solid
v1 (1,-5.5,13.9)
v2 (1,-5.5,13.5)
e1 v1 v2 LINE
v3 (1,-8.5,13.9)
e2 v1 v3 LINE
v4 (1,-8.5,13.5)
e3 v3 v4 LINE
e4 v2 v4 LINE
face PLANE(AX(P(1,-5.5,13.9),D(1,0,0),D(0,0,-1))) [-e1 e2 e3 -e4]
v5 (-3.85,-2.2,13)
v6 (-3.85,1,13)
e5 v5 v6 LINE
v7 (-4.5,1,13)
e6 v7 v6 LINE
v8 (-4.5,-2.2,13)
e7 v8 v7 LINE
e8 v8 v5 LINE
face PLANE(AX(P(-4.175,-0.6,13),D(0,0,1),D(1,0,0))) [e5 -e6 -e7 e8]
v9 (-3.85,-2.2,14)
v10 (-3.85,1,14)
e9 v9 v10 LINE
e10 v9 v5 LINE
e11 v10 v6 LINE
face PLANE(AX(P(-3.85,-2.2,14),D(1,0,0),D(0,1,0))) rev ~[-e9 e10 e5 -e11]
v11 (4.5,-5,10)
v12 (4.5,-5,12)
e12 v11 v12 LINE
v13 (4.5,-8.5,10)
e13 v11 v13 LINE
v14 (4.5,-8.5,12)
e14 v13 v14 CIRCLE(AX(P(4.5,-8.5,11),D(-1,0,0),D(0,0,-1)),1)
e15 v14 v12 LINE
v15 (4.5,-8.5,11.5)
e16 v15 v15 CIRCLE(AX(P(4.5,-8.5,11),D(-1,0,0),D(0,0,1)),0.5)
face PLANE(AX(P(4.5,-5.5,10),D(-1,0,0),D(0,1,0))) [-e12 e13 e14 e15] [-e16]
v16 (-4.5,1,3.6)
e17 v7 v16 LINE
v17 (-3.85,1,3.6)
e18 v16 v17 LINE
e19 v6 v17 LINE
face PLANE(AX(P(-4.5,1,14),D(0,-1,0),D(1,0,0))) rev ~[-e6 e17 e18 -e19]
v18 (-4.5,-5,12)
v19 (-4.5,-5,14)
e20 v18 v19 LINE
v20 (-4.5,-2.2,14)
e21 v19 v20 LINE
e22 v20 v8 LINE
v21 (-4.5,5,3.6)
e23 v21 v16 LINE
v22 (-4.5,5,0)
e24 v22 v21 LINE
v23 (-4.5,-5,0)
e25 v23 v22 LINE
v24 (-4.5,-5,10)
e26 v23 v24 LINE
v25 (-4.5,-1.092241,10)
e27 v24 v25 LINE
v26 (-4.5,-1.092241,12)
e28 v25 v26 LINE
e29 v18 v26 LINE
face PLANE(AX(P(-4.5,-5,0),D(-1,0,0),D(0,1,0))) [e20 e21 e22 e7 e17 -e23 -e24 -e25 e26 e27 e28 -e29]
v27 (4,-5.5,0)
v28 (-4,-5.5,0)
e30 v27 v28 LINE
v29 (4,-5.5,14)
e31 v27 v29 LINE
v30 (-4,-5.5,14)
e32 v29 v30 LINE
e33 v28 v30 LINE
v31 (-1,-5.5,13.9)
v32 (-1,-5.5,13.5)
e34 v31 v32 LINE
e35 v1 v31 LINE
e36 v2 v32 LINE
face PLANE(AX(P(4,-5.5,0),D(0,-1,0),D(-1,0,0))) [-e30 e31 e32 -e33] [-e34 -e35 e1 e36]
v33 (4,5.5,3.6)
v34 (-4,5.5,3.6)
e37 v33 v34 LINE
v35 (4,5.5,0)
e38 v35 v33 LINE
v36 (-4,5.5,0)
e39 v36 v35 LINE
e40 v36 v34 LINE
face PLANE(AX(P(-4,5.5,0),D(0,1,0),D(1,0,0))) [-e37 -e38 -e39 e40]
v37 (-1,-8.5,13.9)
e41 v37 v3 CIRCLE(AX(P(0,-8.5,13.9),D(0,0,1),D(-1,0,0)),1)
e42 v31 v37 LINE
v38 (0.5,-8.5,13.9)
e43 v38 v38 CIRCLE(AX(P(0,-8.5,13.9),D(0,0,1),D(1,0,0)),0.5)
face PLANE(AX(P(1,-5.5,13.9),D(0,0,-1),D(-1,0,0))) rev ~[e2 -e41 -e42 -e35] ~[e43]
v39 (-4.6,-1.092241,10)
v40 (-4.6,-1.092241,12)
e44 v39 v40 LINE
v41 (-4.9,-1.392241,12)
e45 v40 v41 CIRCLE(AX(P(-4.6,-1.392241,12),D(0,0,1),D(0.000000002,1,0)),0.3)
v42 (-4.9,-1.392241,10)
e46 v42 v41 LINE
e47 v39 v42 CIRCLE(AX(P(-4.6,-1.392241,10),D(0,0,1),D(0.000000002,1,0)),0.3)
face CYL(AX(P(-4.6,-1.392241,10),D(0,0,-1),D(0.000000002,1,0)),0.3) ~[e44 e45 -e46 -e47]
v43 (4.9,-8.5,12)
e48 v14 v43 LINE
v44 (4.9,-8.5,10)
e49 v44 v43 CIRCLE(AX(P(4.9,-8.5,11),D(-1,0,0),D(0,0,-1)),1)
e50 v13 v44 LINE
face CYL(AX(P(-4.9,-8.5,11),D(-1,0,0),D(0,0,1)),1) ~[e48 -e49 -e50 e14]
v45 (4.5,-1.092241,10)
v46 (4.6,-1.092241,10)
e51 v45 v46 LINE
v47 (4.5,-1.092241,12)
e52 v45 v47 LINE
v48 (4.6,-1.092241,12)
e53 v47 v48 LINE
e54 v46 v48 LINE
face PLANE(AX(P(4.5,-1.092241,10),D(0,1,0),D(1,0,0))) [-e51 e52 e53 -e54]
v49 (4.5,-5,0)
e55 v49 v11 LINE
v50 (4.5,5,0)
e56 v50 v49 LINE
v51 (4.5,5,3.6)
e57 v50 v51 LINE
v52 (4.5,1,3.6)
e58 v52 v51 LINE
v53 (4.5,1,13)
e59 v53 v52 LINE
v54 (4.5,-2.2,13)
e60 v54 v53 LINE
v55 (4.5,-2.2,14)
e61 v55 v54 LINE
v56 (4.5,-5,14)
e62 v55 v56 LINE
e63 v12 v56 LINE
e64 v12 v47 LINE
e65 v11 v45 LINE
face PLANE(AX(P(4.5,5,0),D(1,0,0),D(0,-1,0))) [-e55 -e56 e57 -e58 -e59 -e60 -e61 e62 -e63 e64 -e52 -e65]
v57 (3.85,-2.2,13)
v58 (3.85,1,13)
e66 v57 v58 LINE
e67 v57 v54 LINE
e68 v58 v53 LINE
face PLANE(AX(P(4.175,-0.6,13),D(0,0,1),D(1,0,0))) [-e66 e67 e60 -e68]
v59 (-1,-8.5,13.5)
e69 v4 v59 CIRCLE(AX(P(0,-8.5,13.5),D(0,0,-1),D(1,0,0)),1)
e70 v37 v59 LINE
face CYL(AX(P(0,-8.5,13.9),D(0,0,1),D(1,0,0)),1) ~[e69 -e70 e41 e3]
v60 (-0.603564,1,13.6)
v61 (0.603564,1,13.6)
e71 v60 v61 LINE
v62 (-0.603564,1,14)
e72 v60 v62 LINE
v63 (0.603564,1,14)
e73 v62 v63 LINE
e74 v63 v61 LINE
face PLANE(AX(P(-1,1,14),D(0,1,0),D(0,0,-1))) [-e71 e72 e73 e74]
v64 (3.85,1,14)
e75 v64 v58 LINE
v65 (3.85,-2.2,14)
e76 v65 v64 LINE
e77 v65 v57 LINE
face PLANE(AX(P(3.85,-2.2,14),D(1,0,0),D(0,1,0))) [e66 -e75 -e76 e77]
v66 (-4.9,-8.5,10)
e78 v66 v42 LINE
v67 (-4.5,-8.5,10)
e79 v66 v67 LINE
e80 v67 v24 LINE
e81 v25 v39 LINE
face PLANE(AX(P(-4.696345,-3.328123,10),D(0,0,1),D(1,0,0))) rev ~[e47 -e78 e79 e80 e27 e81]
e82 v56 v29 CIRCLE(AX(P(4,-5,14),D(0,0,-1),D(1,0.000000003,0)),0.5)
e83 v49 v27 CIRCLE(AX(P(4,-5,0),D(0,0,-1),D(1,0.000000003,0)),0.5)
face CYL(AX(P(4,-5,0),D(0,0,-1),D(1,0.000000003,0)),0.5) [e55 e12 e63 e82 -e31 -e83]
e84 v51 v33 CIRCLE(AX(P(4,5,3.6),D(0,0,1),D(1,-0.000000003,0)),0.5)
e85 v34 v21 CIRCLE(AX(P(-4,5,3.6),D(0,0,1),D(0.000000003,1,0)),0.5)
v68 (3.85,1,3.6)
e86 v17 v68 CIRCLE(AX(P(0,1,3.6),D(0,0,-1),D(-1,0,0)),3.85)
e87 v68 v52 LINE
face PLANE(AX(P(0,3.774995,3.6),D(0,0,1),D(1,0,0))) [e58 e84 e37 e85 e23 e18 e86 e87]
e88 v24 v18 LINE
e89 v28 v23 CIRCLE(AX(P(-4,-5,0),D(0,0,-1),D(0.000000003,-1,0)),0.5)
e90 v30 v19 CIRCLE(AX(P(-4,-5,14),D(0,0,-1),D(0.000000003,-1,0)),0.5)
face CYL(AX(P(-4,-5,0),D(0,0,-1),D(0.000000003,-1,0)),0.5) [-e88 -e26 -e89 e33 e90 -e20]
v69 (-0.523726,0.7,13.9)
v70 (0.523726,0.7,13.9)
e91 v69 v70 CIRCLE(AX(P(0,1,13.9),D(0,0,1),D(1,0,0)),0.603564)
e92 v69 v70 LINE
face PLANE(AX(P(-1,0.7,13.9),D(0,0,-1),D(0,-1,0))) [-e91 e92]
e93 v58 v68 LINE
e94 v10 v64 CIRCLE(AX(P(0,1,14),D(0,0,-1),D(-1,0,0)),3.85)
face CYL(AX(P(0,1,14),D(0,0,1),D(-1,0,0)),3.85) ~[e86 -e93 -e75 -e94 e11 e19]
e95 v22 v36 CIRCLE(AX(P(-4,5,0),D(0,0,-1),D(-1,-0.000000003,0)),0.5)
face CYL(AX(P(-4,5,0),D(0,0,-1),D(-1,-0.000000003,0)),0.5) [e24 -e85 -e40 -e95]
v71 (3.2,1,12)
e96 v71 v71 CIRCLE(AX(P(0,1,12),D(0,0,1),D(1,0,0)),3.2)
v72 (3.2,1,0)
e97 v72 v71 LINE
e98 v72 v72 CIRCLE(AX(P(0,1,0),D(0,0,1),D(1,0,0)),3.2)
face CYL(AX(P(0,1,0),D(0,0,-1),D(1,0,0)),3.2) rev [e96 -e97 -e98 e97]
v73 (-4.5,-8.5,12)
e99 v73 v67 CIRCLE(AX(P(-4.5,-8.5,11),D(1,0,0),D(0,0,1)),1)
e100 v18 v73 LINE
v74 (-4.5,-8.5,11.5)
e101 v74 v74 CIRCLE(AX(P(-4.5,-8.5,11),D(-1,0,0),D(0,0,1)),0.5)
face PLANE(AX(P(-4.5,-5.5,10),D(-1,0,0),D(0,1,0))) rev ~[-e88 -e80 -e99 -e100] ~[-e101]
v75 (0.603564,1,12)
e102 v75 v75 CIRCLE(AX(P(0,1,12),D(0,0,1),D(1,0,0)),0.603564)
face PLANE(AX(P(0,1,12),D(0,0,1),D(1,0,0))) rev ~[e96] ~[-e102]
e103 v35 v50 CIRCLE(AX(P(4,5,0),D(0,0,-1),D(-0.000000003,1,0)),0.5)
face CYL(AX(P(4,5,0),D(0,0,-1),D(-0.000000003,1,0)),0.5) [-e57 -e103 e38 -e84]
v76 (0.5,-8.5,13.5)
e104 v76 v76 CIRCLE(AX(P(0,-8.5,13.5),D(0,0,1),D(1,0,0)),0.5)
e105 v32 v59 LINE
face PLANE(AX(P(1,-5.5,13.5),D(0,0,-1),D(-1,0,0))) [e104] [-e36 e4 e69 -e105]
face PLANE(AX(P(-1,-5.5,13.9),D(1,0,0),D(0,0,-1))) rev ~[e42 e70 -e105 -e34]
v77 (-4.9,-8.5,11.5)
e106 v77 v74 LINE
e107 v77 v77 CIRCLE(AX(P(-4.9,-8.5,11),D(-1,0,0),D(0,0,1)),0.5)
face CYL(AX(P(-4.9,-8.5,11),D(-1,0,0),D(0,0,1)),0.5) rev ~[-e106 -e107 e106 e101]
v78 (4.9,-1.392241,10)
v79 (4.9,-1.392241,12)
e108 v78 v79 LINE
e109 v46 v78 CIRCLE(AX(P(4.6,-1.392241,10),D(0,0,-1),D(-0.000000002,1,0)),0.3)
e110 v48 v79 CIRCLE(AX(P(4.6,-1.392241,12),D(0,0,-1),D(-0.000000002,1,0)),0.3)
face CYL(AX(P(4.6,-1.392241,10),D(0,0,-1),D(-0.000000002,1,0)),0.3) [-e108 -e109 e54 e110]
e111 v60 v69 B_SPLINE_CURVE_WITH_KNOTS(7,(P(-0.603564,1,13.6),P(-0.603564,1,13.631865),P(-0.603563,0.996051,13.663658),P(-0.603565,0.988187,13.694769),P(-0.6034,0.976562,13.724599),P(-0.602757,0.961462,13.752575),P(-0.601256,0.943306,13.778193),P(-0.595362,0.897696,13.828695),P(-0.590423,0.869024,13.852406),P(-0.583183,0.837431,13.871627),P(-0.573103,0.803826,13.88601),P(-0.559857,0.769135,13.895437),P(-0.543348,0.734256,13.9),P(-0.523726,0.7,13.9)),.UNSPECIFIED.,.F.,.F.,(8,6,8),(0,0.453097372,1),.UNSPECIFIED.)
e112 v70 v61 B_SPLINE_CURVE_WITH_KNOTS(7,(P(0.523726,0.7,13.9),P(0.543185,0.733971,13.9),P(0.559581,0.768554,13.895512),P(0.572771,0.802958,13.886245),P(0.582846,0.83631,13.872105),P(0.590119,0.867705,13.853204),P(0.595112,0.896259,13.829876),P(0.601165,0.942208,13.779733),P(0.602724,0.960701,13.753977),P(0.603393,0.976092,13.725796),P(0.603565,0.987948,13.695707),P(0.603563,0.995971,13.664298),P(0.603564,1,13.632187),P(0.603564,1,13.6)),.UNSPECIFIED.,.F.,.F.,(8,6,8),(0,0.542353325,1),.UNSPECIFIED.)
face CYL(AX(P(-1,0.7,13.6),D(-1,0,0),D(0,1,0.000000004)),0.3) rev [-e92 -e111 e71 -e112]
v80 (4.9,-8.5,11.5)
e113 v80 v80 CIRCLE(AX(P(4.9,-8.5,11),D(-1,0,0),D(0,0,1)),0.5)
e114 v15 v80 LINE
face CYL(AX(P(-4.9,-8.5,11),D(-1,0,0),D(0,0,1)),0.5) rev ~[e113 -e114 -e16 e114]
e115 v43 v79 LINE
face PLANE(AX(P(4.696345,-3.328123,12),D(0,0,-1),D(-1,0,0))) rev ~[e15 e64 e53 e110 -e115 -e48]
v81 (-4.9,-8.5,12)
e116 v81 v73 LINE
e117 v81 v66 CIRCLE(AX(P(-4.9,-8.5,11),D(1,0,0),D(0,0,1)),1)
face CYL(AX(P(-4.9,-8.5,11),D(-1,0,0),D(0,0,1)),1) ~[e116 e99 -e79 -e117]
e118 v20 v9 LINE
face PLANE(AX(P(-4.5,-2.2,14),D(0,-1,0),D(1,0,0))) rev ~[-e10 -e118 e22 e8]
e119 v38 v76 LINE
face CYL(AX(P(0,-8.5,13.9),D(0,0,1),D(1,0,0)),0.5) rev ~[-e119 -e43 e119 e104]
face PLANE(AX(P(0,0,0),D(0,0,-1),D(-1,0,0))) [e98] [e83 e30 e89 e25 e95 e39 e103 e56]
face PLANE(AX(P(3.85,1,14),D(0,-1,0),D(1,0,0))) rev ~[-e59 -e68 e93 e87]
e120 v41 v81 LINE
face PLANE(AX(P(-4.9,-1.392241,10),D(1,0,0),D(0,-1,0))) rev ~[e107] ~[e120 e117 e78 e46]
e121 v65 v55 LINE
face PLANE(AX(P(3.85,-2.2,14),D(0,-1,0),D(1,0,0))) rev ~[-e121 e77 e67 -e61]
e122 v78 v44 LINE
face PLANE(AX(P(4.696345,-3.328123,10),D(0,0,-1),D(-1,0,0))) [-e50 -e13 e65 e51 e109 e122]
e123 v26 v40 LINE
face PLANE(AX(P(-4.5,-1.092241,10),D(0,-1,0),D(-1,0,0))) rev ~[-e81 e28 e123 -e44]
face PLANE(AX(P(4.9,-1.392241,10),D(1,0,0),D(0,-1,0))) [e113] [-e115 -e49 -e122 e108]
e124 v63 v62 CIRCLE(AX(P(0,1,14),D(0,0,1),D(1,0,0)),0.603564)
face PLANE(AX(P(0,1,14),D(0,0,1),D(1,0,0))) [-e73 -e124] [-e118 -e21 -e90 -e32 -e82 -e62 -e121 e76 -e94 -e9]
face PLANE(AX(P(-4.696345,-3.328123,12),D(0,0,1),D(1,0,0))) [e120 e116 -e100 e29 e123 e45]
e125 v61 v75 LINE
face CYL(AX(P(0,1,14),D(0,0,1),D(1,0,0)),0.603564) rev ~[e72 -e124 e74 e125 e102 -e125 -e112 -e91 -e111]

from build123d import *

# Parameters (mm, degrees)
SKETCH_1_R               = 3.2
EXTRUDE_1_DEPTH          = 14
CUT_EXTRUDE_1_DEPTH      = 1
CUT_EXTRUDE_1_DEPTH_BACK = 10.4
SKETCH_3_W               = 0.65
SKETCH_3_H               = 3.2
CUT_EXTRUDE_2_DEPTH      = 1
SKETCH_4_W               = 0.4
SKETCH_4_H               = 2
EXTRUDE_2_DEPTH          = 4
EXTRUDE_2_2_DEPTH        = 4
SKETCH_4_W_2             = 2
SKETCH_4_H_2             = 0.4
EXTRUDE_2_3_DEPTH        = 4
EXTRUDE_3_DEPTH          = 2
EXTRUDE_4_DEPTH          = 2
SKETCH_8_R               = 3.2
SKETCH_8_R_2             = 0.603563731
EXTRUDE_5_DEPTH          = 2
SKETCH_9_R               = 0.5
CUT_EXTRUDE_3_DEPTH      = 10.8
SKETCH_10_R              = 0.5
CUT_EXTRUDE_4_DEPTH      = 2


with BuildPart() as part:
    # 草图1 → 凸台-拉伸1 (new body)
    with BuildSketch(Plane.XY):
        with BuildLine():
            Line((-4, 5.5), (4, 5.5))
            ThreePointArc((4, 5.5), (4.353553391, 5.353553391), (4.5, 5))
            Line((4.5, 5), (4.5, -5))
            ThreePointArc((4.5, -5), (4.353553391, -5.353553391), (4, -5.5))
            Line((4, -5.5), (-4, -5.5))
            ThreePointArc((-4, -5.5), (-4.353553391, -5.353553391), (-4.5, -5))
            Line((-4.5, -5), (-4.5, 5))
            ThreePointArc((-4.5, 5), (-4.353553391, 5.353553391), (-4, 5.5))
        make_face()
        with Locations((0, 1)):
            Circle(SKETCH_1_R, mode=Mode.SUBTRACT)
    extrude(amount=EXTRUDE_1_DEPTH)

    # 草图2 → 切除-拉伸1 (cut, two sides)
    with BuildSketch(Plane.XY.offset(14)) as cut_extrude_1_sk:
        with BuildLine():
            ThreePointArc((-3.85, 1), (0, 4.85), (3.85, 1))
            Line((3.85, 1), (4.5, 1))
            Line((4.5, 1), (4.5, 5))
            ThreePointArc((4.5, 5), (4.353553391, 5.353553391), (4, 5.5))
            Line((4, 5.5), (-4, 5.5))
            ThreePointArc((-4, 5.5), (-4.353553391, 5.353553391), (-4.5, 5))
            Line((-4.5, 5), (-4.5, 1))
            Line((-4.5, 1), (-3.85, 1))
        make_face()
    extrude(amount=CUT_EXTRUDE_1_DEPTH, mode=Mode.SUBTRACT)
    extrude(cut_extrude_1_sk.sketch, amount=-CUT_EXTRUDE_1_DEPTH_BACK, mode=Mode.SUBTRACT)

    # 草图3 → 切除-拉伸2 (cut)
    with BuildSketch(Plane.XY.offset(14)):
        with Locations((-4.175, -0.6)):
            Rectangle(SKETCH_3_W, SKETCH_3_H)
        with Locations((4.175, -0.6)):
            Rectangle(SKETCH_3_W, SKETCH_3_H)
    extrude(amount=-CUT_EXTRUDE_2_DEPTH, mode=Mode.SUBTRACT)



with BuildPart() as body_2:
    # 草图4 → 凸台-拉伸2 (new body)
    with BuildSketch(Plane(origin=(0, -5.5, 0), x_dir=(-1, 0, 0), z_dir=(0, -1, 0))):
        with Locations((4.7, -11)):
            Rectangle(SKETCH_4_W, SKETCH_4_H)
    extrude(amount=EXTRUDE_2_DEPTH)


with BuildPart() as body_3:
    # 草图4 → Extrude 2 2 (new body)
    with BuildSketch(Plane(origin=(0, -5.5, 0), x_dir=(-1, 0, 0), z_dir=(0, -1, 0))):
        with Locations((-4.7, -11)):
            Rectangle(SKETCH_4_W, SKETCH_4_H)
    extrude(amount=EXTRUDE_2_2_DEPTH)


with BuildPart() as body_4:
    # 草图4 → Extrude 2 3 (new body)
    with BuildSketch(Plane(origin=(0, -5.5, 0), x_dir=(-1, 0, 0), z_dir=(0, -1, 0))):
        with Locations((0, -13.7)):
            Rectangle(SKETCH_4_W_2, SKETCH_4_H_2)
    extrude(amount=EXTRUDE_2_3_DEPTH)


with BuildPart() as part_1:
    add(part.part)

    add(body_2.part)  # 凸台-拉伸3 merges body 2

    add(body_3.part)  # 凸台-拉伸3 merges body 3
    # 草图5 → 凸台-拉伸3 (add)
    with BuildSketch(Plane(origin=(0, 0, 10), x_dir=(-1, 0, 0), z_dir=(0, 0, -1))):
        with BuildLine():
            Line((4.5, -5.5), (4.5, -1.092241159))
            Line((4.5, -1.092241159), (4.6, -1.092241159))
            ThreePointArc((4.6, -1.092241159), (4.812132034, -1.180109124), (4.9, -1.392241159))
            Line((4.9, -1.392241159), (4.9, -5.5))
            Line((4.9, -5.5), (4.5, -5.5))
        make_face()
        with BuildLine():
            Line((-4.9, -1.392241159), (-4.9, -5.5))
            Line((-4.9, -5.5), (-4.5, -5.5))
            Line((-4.5, -5.5), (-4.5, -1.092241159))
            Line((-4.5, -1.092241159), (-4.6, -1.092241159))
            ThreePointArc((-4.6, -1.092241159), (-4.812132034, -1.180109124), (-4.9, -1.392241159))
        make_face()
    extrude(amount=-EXTRUDE_3_DEPTH)


    add(body_4.part)  # 凸台-拉伸4 merges body 4
    # 草图7 → 凸台-拉伸4 (add)
    with BuildSketch(Plane.ZY.offset(1)):
        with BuildLine():
            Line((14, -5.5), (14, 1))
            Line((14, 1), (13.6, 1))
            ThreePointArc((13.6, 1), (13.812132034, 0.912132034), (13.9, 0.7))
            Line((13.9, 0.7), (13.9, -5.5))
            Line((13.9, -5.5), (14, -5.5))
        make_face()
    extrude(amount=-EXTRUDE_4_DEPTH)

    # 草图8 → 凸台-拉伸5 (add)
    with BuildSketch(Plane.XY.offset(14)):
        with Locations((0, 1)):
            Circle(SKETCH_8_R)
        with Locations((0, 1)):
            Circle(SKETCH_8_R_2, mode=Mode.SUBTRACT)
    extrude(amount=-EXTRUDE_5_DEPTH)

    # 草图9 → 切除-拉伸3 (cut, through all)
    with BuildSketch(Plane.ZY.offset(4.9)):
        with Locations((11, -8.5)):
            Circle(SKETCH_9_R)
        with BuildLine():
            Line((10, -8.5), (10, -9.805302044))
            Line((10, -9.805302044), (12, -9.805302044))
            Line((12, -9.805302044), (12, -8.5))
            ThreePointArc((12, -8.5), (11, -9.5), (10, -8.5))
        make_face()
    extrude(amount=-CUT_EXTRUDE_3_DEPTH, mode=Mode.SUBTRACT)

    # 草图10 → 切除-拉伸4 (cut)
    with BuildSketch(Plane.XY.offset(13.9)):
        with Locations((0, -8.5)):
            Circle(SKETCH_10_R)
        with BuildLine():
            Line((-1, -8.5), (-1, -10.359825608))
            Line((-1, -10.359825608), (1, -10.359825608))
            Line((1, -10.359825608), (1, -8.5))
            ThreePointArc((1, -8.5), (0, -9.5), (-1, -8.5))
        make_face()
    extrude(amount=-CUT_EXTRUDE_4_DEPTH, mode=Mode.SUBTRACT)


solid = part_1.part
